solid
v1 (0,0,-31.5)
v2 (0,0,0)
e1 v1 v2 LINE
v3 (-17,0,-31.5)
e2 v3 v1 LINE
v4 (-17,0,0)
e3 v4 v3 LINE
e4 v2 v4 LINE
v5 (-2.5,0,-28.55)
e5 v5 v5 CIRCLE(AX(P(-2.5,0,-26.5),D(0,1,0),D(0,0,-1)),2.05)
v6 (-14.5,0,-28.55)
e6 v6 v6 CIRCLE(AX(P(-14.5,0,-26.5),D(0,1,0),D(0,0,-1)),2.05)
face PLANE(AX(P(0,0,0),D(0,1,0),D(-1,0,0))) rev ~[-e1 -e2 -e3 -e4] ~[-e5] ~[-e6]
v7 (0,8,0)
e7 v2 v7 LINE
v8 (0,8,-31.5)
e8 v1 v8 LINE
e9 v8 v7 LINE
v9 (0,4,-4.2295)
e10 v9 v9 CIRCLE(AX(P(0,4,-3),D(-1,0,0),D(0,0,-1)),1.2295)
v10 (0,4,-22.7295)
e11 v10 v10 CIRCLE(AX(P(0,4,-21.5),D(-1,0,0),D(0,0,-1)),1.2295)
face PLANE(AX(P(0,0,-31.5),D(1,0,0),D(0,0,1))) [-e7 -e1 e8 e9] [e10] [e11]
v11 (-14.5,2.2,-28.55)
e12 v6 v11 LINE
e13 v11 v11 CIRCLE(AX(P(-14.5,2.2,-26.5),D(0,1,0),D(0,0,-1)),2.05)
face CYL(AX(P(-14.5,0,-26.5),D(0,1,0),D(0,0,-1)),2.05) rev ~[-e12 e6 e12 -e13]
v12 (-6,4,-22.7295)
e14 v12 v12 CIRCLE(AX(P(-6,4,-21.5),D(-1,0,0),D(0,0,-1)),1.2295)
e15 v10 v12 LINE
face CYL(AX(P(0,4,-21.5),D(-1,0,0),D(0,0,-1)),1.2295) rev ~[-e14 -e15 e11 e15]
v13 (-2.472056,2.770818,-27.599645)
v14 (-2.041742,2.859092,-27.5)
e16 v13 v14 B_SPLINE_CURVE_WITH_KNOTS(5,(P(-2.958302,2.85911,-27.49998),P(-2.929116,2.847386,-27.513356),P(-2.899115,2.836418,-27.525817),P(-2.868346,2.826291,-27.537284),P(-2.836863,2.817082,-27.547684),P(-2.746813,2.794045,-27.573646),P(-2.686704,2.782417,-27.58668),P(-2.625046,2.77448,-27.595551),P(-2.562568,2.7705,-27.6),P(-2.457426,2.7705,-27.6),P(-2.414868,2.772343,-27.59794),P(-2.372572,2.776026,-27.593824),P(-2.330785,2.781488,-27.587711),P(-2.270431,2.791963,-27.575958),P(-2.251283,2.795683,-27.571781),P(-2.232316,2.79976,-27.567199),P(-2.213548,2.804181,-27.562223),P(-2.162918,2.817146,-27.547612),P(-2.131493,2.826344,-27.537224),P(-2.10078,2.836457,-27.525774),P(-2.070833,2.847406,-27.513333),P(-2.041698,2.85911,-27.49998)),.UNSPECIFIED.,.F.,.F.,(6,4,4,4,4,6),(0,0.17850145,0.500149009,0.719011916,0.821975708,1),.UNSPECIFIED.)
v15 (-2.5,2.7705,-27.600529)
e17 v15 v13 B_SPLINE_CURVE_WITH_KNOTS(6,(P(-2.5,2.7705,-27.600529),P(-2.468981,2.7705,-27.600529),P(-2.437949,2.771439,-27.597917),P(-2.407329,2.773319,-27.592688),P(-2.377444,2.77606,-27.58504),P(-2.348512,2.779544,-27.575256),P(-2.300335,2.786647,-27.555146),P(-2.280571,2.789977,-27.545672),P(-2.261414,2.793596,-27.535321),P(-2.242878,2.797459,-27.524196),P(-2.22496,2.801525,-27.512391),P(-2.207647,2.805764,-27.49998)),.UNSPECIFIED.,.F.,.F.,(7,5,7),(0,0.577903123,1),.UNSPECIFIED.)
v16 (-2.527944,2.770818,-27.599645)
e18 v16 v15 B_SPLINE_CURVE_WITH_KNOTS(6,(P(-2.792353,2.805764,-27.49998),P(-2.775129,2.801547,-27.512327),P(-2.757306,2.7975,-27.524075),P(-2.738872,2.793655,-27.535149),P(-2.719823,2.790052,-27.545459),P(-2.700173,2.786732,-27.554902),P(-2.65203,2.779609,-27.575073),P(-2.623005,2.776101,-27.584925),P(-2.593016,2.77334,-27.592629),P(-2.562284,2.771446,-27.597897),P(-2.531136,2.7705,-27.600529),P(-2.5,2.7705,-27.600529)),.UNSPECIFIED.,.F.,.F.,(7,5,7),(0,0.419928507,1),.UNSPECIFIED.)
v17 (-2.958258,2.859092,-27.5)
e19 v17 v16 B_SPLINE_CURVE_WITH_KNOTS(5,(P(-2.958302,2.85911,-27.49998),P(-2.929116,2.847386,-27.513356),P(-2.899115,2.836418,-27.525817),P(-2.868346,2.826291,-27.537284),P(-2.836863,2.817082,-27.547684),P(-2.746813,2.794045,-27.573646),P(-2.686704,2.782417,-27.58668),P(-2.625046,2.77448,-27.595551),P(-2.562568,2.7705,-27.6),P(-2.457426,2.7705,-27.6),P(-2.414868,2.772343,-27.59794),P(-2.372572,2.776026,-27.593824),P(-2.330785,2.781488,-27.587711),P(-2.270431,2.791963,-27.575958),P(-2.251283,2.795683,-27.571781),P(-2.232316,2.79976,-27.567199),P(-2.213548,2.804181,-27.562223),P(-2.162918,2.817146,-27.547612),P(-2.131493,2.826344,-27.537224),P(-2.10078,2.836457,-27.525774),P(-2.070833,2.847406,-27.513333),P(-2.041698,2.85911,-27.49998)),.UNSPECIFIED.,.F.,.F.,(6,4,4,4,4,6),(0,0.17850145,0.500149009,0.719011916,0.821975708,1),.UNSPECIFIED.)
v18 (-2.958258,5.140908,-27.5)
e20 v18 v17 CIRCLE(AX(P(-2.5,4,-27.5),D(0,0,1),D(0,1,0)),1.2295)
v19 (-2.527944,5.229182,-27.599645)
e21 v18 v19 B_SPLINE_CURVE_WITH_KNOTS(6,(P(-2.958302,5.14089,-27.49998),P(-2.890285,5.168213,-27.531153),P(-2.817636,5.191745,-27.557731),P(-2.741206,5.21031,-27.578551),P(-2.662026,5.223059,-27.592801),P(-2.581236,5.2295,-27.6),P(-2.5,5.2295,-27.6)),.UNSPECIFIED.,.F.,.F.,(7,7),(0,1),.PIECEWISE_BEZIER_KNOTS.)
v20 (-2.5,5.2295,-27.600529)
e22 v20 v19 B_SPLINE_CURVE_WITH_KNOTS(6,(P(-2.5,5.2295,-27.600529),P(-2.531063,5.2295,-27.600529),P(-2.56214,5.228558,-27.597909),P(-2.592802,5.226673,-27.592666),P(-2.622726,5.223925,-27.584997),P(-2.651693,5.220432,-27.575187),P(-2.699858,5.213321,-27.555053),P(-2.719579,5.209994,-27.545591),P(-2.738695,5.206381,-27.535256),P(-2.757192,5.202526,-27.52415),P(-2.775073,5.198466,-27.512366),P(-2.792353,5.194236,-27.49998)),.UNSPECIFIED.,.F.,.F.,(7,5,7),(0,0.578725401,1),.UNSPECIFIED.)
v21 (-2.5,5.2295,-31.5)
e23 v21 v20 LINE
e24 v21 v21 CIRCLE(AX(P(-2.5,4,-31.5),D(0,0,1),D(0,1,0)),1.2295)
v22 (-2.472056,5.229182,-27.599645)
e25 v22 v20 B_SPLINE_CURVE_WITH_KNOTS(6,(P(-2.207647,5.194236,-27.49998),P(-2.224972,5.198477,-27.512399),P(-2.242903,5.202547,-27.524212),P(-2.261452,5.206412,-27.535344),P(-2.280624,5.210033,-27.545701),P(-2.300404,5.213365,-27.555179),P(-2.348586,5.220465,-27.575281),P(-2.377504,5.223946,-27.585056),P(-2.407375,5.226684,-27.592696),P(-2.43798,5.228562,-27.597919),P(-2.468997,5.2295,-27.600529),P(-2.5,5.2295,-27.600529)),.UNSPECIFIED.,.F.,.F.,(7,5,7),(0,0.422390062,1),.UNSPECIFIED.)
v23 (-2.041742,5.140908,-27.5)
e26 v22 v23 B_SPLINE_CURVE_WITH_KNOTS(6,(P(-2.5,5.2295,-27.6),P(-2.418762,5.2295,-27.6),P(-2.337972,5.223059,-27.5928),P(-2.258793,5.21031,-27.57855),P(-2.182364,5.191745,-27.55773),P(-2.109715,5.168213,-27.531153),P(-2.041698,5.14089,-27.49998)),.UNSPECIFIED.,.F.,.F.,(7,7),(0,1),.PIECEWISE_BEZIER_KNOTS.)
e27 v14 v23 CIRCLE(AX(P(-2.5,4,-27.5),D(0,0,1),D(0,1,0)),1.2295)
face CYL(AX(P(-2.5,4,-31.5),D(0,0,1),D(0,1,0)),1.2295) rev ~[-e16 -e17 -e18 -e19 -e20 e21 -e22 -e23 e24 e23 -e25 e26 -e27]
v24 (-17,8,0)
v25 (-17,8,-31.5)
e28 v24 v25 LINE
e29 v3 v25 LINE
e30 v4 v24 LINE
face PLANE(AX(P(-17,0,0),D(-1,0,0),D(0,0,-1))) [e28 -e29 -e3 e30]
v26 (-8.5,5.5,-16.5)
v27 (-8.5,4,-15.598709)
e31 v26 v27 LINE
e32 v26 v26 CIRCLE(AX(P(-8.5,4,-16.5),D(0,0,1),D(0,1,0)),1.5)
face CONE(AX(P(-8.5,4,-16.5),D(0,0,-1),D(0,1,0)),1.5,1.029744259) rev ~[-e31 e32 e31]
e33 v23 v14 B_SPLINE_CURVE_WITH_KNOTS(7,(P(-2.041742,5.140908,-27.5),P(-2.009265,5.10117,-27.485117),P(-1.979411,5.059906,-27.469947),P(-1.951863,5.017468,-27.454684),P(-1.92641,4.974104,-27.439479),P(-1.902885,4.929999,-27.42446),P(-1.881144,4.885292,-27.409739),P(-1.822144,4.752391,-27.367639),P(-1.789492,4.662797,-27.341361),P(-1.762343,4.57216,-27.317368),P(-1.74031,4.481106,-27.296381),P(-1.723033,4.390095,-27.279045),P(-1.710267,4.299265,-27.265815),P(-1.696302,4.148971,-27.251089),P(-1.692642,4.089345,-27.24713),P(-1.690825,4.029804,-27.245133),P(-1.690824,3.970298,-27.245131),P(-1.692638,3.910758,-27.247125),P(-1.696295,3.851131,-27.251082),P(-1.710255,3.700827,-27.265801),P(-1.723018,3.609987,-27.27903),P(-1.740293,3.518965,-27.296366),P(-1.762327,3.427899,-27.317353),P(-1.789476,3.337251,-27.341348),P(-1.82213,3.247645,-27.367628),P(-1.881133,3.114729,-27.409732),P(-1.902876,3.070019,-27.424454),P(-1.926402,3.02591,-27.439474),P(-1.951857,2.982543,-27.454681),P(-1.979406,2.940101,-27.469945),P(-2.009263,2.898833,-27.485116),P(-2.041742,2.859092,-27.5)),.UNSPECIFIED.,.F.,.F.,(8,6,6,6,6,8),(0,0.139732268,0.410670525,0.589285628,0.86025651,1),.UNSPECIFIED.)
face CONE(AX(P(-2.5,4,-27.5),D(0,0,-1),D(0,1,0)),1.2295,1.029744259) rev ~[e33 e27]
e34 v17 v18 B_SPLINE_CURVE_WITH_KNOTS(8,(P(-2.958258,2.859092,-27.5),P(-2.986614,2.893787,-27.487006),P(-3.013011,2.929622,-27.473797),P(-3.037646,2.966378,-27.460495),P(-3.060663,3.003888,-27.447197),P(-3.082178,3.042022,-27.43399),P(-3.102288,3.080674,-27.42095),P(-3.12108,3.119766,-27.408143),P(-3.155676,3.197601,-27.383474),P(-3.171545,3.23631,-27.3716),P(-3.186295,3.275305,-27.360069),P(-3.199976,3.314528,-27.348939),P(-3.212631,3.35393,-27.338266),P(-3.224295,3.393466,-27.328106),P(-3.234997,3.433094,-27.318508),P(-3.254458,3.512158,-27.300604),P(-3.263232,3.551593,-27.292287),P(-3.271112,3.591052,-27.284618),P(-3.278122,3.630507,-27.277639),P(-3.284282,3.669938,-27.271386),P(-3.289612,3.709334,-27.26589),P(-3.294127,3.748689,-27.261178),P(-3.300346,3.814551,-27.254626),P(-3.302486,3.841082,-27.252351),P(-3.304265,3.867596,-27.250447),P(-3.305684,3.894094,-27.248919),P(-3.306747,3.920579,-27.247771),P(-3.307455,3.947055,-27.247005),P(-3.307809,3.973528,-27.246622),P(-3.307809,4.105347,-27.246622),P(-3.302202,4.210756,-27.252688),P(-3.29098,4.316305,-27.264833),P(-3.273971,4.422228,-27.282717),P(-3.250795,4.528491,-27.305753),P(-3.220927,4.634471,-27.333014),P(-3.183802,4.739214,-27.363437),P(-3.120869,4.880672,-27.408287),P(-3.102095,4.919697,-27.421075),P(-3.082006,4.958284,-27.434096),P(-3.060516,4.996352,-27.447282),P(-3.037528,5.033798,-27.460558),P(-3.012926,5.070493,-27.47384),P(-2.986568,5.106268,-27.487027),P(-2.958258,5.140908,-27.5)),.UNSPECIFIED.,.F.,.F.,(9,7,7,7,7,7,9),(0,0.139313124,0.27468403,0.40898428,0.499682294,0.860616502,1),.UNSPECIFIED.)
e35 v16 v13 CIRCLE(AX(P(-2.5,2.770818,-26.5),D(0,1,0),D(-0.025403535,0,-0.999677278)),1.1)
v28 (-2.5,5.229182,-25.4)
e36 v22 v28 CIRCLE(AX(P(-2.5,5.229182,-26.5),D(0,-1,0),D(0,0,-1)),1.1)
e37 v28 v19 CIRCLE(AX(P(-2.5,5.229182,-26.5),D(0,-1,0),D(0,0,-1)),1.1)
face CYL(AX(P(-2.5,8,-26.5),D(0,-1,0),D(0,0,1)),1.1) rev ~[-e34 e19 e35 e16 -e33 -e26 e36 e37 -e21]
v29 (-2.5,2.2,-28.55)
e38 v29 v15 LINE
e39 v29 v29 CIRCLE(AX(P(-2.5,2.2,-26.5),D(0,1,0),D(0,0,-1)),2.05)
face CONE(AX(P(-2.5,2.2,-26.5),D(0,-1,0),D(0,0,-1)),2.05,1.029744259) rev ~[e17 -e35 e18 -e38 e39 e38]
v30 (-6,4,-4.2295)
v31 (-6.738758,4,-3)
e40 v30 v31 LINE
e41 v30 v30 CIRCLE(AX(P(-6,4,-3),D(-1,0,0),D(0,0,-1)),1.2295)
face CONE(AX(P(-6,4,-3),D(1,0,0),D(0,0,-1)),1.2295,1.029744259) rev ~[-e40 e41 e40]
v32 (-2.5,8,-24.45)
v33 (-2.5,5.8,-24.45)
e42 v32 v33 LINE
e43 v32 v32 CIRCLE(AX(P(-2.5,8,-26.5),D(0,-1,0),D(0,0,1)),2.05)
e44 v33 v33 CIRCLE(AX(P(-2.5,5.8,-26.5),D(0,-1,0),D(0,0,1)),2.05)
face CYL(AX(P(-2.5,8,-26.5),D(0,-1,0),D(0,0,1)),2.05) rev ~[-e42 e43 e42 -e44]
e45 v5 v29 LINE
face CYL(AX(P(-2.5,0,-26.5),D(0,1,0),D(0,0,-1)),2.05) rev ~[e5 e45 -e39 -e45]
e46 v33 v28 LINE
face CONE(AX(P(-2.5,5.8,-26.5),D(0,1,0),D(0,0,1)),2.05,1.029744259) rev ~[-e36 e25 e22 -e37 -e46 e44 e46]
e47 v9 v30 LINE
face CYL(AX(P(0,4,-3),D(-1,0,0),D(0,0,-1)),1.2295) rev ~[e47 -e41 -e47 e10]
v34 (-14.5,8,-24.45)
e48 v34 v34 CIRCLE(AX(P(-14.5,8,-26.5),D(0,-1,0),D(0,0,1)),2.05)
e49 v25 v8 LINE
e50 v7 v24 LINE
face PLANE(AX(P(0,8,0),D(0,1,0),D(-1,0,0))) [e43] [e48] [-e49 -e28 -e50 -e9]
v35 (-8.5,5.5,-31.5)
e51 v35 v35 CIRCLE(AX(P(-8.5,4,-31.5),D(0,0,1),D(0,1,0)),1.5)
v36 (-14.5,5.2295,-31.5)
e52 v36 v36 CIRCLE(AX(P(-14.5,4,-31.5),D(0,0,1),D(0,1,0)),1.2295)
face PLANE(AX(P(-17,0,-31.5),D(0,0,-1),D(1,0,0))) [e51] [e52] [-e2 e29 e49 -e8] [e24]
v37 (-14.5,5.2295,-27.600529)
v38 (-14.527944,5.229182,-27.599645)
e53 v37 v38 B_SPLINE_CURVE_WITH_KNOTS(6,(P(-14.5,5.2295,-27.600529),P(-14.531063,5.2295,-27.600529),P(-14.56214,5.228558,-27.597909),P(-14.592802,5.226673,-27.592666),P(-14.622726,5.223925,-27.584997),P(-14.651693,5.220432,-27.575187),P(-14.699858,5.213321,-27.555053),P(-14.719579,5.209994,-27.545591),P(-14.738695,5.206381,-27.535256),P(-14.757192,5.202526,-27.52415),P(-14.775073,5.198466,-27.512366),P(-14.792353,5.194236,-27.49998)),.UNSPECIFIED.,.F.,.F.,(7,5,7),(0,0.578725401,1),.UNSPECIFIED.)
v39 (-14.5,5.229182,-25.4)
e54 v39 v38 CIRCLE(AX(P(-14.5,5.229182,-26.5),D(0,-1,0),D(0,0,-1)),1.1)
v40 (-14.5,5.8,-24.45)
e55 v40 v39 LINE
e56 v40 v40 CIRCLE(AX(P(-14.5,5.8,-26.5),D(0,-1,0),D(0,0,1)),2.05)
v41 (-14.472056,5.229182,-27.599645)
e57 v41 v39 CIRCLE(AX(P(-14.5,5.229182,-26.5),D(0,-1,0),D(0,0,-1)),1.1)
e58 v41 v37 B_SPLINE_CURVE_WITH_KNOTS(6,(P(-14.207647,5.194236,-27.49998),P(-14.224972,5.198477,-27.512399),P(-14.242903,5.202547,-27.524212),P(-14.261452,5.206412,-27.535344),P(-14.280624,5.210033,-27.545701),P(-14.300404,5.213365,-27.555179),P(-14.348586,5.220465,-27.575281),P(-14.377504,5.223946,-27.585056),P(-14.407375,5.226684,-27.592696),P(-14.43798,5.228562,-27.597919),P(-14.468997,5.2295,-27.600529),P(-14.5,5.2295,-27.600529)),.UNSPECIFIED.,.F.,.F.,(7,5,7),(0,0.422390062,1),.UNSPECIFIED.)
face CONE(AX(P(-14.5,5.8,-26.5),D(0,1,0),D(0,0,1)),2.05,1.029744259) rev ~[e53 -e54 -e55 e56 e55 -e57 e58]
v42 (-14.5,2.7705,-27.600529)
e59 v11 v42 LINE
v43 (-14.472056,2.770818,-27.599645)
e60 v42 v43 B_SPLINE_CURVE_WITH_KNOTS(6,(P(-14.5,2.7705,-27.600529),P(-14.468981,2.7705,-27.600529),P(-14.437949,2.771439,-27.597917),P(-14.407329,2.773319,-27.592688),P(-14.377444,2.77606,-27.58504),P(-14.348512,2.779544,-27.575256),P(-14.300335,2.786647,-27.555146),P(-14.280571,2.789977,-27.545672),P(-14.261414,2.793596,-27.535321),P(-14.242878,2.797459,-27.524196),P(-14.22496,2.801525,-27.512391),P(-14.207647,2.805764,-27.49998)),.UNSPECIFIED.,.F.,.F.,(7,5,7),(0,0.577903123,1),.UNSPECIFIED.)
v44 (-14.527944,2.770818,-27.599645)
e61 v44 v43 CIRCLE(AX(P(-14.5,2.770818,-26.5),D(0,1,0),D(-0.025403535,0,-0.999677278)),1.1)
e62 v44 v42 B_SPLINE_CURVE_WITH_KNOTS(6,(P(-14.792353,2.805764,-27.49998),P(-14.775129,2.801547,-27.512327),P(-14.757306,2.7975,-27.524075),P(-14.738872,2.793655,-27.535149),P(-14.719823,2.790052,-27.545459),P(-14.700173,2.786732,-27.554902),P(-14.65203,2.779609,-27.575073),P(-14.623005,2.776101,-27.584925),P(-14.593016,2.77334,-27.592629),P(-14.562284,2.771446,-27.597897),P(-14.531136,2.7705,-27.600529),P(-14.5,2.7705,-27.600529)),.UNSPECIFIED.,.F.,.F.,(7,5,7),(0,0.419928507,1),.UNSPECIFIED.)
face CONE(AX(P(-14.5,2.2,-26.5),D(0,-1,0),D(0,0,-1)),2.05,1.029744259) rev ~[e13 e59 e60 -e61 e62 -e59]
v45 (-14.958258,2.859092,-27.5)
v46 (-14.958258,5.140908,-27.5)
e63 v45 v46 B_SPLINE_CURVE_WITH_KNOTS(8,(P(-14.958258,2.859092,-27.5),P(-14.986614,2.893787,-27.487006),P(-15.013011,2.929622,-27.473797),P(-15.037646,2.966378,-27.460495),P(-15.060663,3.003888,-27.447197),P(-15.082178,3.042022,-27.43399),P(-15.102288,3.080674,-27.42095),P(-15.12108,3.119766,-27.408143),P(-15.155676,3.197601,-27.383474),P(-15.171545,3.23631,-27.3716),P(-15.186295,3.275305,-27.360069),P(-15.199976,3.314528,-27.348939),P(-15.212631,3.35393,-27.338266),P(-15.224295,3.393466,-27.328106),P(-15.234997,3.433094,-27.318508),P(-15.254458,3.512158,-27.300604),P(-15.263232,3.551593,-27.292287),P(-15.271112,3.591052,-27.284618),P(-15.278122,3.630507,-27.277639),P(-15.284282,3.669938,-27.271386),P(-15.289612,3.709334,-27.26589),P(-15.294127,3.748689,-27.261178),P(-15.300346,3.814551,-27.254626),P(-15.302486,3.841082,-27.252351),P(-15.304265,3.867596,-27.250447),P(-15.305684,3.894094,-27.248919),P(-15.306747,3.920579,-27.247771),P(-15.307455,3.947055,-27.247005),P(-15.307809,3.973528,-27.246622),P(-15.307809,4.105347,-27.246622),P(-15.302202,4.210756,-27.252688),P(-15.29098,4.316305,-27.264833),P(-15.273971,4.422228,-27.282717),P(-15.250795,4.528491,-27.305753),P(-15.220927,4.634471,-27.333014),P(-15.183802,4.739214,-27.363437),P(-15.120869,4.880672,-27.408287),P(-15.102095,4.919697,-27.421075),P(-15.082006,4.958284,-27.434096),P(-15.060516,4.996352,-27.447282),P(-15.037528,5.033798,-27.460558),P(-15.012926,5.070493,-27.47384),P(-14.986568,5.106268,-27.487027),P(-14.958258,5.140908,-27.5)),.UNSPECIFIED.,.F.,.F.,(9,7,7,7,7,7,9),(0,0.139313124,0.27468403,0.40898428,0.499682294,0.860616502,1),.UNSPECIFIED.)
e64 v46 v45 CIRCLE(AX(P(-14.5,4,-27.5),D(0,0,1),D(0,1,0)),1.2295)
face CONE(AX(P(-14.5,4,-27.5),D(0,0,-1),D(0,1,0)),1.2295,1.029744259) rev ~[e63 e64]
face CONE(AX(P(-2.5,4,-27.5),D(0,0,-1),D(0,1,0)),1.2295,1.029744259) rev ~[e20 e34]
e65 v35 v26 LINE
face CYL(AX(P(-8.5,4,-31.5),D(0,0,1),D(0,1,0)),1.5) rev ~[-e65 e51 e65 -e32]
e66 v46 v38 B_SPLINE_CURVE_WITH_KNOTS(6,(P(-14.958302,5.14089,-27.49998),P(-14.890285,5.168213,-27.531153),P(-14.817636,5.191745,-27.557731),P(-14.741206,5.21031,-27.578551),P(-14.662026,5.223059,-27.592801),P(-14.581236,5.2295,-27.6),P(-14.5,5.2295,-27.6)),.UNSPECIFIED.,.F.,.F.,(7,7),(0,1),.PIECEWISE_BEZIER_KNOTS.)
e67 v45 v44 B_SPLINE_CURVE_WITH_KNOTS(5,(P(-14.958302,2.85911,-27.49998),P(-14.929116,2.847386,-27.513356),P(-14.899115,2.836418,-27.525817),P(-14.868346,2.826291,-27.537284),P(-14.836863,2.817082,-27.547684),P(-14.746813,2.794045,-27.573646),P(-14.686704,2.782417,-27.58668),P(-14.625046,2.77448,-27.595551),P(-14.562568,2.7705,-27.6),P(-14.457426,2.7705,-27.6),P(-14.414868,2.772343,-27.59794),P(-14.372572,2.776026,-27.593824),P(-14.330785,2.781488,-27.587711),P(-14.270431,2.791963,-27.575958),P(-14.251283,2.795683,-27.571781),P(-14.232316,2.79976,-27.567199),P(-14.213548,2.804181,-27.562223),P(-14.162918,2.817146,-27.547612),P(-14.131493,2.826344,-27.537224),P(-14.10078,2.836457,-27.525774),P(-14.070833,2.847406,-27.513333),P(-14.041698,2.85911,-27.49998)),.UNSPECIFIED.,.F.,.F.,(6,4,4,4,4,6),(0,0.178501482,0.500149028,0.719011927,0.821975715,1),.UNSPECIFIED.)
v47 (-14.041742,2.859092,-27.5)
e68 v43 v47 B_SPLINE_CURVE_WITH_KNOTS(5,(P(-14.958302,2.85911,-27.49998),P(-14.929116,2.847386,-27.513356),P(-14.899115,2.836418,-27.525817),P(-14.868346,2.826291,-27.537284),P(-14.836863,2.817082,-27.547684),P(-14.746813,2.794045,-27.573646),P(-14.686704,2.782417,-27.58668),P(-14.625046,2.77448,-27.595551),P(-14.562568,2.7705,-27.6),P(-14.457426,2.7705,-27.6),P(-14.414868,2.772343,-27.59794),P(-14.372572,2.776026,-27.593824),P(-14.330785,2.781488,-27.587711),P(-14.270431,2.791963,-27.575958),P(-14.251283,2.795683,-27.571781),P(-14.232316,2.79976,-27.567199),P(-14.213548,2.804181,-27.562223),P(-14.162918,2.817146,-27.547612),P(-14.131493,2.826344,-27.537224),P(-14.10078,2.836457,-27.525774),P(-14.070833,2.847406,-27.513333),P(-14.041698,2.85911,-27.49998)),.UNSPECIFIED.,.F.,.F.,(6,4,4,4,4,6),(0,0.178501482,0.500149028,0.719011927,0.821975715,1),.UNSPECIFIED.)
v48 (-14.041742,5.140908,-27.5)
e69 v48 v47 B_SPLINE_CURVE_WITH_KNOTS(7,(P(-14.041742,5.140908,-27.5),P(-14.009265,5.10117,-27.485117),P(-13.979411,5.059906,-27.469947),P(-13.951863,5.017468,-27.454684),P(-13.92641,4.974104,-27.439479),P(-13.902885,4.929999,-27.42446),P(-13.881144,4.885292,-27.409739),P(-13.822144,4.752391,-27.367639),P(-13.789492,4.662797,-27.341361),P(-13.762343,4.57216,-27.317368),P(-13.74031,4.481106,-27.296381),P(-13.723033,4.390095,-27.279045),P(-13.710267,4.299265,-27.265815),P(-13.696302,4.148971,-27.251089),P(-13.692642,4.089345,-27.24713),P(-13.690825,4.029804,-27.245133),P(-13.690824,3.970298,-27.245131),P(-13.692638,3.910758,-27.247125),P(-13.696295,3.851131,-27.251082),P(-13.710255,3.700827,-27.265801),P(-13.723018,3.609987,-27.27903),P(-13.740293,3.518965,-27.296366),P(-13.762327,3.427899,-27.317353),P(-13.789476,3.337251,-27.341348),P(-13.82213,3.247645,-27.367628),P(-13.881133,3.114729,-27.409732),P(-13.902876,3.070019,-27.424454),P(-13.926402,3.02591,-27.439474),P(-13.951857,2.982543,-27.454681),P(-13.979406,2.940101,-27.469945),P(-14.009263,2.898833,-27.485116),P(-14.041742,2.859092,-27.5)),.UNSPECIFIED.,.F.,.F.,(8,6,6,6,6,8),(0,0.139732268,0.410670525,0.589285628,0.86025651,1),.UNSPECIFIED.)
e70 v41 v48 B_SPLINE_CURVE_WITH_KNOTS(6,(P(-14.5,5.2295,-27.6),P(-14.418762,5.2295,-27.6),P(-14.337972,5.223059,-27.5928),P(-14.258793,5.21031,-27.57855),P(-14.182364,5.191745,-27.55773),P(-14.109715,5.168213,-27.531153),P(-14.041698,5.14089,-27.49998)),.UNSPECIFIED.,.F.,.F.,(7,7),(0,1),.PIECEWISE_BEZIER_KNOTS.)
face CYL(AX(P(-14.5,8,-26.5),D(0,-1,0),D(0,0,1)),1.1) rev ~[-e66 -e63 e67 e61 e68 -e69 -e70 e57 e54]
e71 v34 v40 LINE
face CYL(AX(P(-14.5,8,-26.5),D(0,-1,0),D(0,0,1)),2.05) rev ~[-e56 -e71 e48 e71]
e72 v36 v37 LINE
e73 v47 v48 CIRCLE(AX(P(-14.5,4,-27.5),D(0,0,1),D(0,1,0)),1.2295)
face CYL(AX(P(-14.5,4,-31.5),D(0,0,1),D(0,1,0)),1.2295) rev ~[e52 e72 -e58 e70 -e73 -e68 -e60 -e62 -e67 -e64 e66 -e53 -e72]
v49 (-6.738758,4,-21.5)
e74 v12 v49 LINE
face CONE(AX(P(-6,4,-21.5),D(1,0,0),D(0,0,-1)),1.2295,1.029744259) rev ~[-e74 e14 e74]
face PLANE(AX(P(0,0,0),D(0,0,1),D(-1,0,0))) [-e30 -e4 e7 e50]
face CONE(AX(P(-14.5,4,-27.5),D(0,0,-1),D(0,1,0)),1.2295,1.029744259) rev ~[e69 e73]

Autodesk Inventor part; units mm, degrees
ref_plane "YZ Plane" through (0, 0, 0) normal (1, 0, 0) x (0, 1, 0)
ref_plane "XZ Plane" through (0, 0, 0) normal (0, 1, 0) x (-1, 0, 0)
ref_plane "XY Plane" through (0, 0, 0) normal (0, 0, 1) x (1, 0, 0)
sketch "スケッチ1" plane through (0, 0, 0) normal (0, 1, 0) x (-1, 0, 0)
  line L0 (0, 0) -> (17, 0)
  line L1 (17, 0) -> (17, -31.5)
  line L2 (17, -31.5) -> (0, -31.5)
  line L3 (0, -31.5) -> (0, 0)
  dimension "d0" = 17
  dimension "d1" = 31.5
extrude "押し出し1" add sketch "スケッチ1" along normal blind 8
sketch "スケッチ2" plane through (0, 0, 0) normal (1, 0, 0) x (0, 0, -1)
  line L0 (31.5, 0) -> (31.5, 8) projected
  line L1 (0, 0) -> (31.5, 0) projected
  point P0 (21.5, 4)
  point P1 (3, 4)
  dimension "d4" = 10
  dimension "d5" = 18.5
  dimension "d6" = 4
  dimension "d7" = 4
hole "穴1" at (0, 4, -21.5) at (0, 4, -3) direction (-1, 0, 0) diameter 2.459 depth 6 tip angle 118 thread size "M3x0.5" class "6H" standard "ISO Metric profile"
sketch "スケッチ3" plane through (0, 0, -31.5) normal (0, 0, -1) x (-1, 0, 0)
  line L0 (0, 0) -> (17, 0) projected
  line L1 (0, 0) -> (0, 8) projected
  point P0 (2.5, 4)
  point P1 (14.5, 4)
  dimension "d15" = 4
  dimension "d16" = 4
  dimension "d17" = 2.5
  dimension "d18" = 12
hole "穴2" at (-2.5, 4, -31.5) at (-14.5, 4, -31.5) direction (0, 0, 1) diameter 2.459 depth 4 tip angle 118 thread size "M3x0.5" class "6H" standard "ISO Metric profile"
sketch "スケッチ4" plane through (0, 8, 0) normal (0, 1, 0) x (1, 0, 0)
  line L0 (0, 31.5) -> (-17, 31.5) projected
  line L1 (0, 0) -> (0, 31.5) projected
  point P0 (-2.5, 26.5)
  point P1 (-14.5, 26.5)
  dimension "d26" = 5
  dimension "d27" = 5
  dimension "d28" = 2.5
  dimension "d29" = 12
hole "穴3" at (-2.5, 8, -26.5) at (-14.5, 8, -26.5) direction (0, -1, 0) diameter 4.1 depth 2.2 tip angle 118
sketch "スケッチ5" plane through (0, 8, 0) normal (0, 1, 0) x (1, 0, 0)
  circle A0 centre (-2.5, 26.5) radius 2.05 projected
  circle A1 centre (-14.5, 26.5) radius 2.05 projected
  point P0 (0, 0)
hole "穴4" at (-2.5, 8, -26.5) at (-14.5, 8, -26.5) at (-2.5, 8, -26.5) at (-14.5, 8, -26.5) direction (0, -1, 0) diameter 2.2 end through all
sketch "スケッチ6" plane through (0, 0, 0) normal (0, -1, 0) x (1, 0, 0)
  circle A0 centre (-14.5, -26.5) radius 2.05 projected
  arc A1 (-2.4721, -27.5996) -> (-2.5279, -27.5996) centre (-2.5, -26.5) ccw projected
  point P0 (0, 0)
hole "穴5" at (-14.5, 0, -26.5) at (-2.5, 0, -26.5) direction (0, 1, 0) diameter 4.1 depth 2.2 tip angle 118
sketch "スケッチ7" plane through (0, 0, -31.5) normal (0, 0, -1) x (-1, 0, 0)
  line L0 (0, 0) -> (17, 0) projected
  line L1 (17, 0) -> (17, 8) projected
  point P0 (8.5, 4)
  dimension "d51" = 4
  dimension "d52" = 8.5
hole "穴6" at (-8.5, 4, -31.5) direction (0, 0, 1) diameter 3 depth 15 tip angle 118
properties part number "本体"
